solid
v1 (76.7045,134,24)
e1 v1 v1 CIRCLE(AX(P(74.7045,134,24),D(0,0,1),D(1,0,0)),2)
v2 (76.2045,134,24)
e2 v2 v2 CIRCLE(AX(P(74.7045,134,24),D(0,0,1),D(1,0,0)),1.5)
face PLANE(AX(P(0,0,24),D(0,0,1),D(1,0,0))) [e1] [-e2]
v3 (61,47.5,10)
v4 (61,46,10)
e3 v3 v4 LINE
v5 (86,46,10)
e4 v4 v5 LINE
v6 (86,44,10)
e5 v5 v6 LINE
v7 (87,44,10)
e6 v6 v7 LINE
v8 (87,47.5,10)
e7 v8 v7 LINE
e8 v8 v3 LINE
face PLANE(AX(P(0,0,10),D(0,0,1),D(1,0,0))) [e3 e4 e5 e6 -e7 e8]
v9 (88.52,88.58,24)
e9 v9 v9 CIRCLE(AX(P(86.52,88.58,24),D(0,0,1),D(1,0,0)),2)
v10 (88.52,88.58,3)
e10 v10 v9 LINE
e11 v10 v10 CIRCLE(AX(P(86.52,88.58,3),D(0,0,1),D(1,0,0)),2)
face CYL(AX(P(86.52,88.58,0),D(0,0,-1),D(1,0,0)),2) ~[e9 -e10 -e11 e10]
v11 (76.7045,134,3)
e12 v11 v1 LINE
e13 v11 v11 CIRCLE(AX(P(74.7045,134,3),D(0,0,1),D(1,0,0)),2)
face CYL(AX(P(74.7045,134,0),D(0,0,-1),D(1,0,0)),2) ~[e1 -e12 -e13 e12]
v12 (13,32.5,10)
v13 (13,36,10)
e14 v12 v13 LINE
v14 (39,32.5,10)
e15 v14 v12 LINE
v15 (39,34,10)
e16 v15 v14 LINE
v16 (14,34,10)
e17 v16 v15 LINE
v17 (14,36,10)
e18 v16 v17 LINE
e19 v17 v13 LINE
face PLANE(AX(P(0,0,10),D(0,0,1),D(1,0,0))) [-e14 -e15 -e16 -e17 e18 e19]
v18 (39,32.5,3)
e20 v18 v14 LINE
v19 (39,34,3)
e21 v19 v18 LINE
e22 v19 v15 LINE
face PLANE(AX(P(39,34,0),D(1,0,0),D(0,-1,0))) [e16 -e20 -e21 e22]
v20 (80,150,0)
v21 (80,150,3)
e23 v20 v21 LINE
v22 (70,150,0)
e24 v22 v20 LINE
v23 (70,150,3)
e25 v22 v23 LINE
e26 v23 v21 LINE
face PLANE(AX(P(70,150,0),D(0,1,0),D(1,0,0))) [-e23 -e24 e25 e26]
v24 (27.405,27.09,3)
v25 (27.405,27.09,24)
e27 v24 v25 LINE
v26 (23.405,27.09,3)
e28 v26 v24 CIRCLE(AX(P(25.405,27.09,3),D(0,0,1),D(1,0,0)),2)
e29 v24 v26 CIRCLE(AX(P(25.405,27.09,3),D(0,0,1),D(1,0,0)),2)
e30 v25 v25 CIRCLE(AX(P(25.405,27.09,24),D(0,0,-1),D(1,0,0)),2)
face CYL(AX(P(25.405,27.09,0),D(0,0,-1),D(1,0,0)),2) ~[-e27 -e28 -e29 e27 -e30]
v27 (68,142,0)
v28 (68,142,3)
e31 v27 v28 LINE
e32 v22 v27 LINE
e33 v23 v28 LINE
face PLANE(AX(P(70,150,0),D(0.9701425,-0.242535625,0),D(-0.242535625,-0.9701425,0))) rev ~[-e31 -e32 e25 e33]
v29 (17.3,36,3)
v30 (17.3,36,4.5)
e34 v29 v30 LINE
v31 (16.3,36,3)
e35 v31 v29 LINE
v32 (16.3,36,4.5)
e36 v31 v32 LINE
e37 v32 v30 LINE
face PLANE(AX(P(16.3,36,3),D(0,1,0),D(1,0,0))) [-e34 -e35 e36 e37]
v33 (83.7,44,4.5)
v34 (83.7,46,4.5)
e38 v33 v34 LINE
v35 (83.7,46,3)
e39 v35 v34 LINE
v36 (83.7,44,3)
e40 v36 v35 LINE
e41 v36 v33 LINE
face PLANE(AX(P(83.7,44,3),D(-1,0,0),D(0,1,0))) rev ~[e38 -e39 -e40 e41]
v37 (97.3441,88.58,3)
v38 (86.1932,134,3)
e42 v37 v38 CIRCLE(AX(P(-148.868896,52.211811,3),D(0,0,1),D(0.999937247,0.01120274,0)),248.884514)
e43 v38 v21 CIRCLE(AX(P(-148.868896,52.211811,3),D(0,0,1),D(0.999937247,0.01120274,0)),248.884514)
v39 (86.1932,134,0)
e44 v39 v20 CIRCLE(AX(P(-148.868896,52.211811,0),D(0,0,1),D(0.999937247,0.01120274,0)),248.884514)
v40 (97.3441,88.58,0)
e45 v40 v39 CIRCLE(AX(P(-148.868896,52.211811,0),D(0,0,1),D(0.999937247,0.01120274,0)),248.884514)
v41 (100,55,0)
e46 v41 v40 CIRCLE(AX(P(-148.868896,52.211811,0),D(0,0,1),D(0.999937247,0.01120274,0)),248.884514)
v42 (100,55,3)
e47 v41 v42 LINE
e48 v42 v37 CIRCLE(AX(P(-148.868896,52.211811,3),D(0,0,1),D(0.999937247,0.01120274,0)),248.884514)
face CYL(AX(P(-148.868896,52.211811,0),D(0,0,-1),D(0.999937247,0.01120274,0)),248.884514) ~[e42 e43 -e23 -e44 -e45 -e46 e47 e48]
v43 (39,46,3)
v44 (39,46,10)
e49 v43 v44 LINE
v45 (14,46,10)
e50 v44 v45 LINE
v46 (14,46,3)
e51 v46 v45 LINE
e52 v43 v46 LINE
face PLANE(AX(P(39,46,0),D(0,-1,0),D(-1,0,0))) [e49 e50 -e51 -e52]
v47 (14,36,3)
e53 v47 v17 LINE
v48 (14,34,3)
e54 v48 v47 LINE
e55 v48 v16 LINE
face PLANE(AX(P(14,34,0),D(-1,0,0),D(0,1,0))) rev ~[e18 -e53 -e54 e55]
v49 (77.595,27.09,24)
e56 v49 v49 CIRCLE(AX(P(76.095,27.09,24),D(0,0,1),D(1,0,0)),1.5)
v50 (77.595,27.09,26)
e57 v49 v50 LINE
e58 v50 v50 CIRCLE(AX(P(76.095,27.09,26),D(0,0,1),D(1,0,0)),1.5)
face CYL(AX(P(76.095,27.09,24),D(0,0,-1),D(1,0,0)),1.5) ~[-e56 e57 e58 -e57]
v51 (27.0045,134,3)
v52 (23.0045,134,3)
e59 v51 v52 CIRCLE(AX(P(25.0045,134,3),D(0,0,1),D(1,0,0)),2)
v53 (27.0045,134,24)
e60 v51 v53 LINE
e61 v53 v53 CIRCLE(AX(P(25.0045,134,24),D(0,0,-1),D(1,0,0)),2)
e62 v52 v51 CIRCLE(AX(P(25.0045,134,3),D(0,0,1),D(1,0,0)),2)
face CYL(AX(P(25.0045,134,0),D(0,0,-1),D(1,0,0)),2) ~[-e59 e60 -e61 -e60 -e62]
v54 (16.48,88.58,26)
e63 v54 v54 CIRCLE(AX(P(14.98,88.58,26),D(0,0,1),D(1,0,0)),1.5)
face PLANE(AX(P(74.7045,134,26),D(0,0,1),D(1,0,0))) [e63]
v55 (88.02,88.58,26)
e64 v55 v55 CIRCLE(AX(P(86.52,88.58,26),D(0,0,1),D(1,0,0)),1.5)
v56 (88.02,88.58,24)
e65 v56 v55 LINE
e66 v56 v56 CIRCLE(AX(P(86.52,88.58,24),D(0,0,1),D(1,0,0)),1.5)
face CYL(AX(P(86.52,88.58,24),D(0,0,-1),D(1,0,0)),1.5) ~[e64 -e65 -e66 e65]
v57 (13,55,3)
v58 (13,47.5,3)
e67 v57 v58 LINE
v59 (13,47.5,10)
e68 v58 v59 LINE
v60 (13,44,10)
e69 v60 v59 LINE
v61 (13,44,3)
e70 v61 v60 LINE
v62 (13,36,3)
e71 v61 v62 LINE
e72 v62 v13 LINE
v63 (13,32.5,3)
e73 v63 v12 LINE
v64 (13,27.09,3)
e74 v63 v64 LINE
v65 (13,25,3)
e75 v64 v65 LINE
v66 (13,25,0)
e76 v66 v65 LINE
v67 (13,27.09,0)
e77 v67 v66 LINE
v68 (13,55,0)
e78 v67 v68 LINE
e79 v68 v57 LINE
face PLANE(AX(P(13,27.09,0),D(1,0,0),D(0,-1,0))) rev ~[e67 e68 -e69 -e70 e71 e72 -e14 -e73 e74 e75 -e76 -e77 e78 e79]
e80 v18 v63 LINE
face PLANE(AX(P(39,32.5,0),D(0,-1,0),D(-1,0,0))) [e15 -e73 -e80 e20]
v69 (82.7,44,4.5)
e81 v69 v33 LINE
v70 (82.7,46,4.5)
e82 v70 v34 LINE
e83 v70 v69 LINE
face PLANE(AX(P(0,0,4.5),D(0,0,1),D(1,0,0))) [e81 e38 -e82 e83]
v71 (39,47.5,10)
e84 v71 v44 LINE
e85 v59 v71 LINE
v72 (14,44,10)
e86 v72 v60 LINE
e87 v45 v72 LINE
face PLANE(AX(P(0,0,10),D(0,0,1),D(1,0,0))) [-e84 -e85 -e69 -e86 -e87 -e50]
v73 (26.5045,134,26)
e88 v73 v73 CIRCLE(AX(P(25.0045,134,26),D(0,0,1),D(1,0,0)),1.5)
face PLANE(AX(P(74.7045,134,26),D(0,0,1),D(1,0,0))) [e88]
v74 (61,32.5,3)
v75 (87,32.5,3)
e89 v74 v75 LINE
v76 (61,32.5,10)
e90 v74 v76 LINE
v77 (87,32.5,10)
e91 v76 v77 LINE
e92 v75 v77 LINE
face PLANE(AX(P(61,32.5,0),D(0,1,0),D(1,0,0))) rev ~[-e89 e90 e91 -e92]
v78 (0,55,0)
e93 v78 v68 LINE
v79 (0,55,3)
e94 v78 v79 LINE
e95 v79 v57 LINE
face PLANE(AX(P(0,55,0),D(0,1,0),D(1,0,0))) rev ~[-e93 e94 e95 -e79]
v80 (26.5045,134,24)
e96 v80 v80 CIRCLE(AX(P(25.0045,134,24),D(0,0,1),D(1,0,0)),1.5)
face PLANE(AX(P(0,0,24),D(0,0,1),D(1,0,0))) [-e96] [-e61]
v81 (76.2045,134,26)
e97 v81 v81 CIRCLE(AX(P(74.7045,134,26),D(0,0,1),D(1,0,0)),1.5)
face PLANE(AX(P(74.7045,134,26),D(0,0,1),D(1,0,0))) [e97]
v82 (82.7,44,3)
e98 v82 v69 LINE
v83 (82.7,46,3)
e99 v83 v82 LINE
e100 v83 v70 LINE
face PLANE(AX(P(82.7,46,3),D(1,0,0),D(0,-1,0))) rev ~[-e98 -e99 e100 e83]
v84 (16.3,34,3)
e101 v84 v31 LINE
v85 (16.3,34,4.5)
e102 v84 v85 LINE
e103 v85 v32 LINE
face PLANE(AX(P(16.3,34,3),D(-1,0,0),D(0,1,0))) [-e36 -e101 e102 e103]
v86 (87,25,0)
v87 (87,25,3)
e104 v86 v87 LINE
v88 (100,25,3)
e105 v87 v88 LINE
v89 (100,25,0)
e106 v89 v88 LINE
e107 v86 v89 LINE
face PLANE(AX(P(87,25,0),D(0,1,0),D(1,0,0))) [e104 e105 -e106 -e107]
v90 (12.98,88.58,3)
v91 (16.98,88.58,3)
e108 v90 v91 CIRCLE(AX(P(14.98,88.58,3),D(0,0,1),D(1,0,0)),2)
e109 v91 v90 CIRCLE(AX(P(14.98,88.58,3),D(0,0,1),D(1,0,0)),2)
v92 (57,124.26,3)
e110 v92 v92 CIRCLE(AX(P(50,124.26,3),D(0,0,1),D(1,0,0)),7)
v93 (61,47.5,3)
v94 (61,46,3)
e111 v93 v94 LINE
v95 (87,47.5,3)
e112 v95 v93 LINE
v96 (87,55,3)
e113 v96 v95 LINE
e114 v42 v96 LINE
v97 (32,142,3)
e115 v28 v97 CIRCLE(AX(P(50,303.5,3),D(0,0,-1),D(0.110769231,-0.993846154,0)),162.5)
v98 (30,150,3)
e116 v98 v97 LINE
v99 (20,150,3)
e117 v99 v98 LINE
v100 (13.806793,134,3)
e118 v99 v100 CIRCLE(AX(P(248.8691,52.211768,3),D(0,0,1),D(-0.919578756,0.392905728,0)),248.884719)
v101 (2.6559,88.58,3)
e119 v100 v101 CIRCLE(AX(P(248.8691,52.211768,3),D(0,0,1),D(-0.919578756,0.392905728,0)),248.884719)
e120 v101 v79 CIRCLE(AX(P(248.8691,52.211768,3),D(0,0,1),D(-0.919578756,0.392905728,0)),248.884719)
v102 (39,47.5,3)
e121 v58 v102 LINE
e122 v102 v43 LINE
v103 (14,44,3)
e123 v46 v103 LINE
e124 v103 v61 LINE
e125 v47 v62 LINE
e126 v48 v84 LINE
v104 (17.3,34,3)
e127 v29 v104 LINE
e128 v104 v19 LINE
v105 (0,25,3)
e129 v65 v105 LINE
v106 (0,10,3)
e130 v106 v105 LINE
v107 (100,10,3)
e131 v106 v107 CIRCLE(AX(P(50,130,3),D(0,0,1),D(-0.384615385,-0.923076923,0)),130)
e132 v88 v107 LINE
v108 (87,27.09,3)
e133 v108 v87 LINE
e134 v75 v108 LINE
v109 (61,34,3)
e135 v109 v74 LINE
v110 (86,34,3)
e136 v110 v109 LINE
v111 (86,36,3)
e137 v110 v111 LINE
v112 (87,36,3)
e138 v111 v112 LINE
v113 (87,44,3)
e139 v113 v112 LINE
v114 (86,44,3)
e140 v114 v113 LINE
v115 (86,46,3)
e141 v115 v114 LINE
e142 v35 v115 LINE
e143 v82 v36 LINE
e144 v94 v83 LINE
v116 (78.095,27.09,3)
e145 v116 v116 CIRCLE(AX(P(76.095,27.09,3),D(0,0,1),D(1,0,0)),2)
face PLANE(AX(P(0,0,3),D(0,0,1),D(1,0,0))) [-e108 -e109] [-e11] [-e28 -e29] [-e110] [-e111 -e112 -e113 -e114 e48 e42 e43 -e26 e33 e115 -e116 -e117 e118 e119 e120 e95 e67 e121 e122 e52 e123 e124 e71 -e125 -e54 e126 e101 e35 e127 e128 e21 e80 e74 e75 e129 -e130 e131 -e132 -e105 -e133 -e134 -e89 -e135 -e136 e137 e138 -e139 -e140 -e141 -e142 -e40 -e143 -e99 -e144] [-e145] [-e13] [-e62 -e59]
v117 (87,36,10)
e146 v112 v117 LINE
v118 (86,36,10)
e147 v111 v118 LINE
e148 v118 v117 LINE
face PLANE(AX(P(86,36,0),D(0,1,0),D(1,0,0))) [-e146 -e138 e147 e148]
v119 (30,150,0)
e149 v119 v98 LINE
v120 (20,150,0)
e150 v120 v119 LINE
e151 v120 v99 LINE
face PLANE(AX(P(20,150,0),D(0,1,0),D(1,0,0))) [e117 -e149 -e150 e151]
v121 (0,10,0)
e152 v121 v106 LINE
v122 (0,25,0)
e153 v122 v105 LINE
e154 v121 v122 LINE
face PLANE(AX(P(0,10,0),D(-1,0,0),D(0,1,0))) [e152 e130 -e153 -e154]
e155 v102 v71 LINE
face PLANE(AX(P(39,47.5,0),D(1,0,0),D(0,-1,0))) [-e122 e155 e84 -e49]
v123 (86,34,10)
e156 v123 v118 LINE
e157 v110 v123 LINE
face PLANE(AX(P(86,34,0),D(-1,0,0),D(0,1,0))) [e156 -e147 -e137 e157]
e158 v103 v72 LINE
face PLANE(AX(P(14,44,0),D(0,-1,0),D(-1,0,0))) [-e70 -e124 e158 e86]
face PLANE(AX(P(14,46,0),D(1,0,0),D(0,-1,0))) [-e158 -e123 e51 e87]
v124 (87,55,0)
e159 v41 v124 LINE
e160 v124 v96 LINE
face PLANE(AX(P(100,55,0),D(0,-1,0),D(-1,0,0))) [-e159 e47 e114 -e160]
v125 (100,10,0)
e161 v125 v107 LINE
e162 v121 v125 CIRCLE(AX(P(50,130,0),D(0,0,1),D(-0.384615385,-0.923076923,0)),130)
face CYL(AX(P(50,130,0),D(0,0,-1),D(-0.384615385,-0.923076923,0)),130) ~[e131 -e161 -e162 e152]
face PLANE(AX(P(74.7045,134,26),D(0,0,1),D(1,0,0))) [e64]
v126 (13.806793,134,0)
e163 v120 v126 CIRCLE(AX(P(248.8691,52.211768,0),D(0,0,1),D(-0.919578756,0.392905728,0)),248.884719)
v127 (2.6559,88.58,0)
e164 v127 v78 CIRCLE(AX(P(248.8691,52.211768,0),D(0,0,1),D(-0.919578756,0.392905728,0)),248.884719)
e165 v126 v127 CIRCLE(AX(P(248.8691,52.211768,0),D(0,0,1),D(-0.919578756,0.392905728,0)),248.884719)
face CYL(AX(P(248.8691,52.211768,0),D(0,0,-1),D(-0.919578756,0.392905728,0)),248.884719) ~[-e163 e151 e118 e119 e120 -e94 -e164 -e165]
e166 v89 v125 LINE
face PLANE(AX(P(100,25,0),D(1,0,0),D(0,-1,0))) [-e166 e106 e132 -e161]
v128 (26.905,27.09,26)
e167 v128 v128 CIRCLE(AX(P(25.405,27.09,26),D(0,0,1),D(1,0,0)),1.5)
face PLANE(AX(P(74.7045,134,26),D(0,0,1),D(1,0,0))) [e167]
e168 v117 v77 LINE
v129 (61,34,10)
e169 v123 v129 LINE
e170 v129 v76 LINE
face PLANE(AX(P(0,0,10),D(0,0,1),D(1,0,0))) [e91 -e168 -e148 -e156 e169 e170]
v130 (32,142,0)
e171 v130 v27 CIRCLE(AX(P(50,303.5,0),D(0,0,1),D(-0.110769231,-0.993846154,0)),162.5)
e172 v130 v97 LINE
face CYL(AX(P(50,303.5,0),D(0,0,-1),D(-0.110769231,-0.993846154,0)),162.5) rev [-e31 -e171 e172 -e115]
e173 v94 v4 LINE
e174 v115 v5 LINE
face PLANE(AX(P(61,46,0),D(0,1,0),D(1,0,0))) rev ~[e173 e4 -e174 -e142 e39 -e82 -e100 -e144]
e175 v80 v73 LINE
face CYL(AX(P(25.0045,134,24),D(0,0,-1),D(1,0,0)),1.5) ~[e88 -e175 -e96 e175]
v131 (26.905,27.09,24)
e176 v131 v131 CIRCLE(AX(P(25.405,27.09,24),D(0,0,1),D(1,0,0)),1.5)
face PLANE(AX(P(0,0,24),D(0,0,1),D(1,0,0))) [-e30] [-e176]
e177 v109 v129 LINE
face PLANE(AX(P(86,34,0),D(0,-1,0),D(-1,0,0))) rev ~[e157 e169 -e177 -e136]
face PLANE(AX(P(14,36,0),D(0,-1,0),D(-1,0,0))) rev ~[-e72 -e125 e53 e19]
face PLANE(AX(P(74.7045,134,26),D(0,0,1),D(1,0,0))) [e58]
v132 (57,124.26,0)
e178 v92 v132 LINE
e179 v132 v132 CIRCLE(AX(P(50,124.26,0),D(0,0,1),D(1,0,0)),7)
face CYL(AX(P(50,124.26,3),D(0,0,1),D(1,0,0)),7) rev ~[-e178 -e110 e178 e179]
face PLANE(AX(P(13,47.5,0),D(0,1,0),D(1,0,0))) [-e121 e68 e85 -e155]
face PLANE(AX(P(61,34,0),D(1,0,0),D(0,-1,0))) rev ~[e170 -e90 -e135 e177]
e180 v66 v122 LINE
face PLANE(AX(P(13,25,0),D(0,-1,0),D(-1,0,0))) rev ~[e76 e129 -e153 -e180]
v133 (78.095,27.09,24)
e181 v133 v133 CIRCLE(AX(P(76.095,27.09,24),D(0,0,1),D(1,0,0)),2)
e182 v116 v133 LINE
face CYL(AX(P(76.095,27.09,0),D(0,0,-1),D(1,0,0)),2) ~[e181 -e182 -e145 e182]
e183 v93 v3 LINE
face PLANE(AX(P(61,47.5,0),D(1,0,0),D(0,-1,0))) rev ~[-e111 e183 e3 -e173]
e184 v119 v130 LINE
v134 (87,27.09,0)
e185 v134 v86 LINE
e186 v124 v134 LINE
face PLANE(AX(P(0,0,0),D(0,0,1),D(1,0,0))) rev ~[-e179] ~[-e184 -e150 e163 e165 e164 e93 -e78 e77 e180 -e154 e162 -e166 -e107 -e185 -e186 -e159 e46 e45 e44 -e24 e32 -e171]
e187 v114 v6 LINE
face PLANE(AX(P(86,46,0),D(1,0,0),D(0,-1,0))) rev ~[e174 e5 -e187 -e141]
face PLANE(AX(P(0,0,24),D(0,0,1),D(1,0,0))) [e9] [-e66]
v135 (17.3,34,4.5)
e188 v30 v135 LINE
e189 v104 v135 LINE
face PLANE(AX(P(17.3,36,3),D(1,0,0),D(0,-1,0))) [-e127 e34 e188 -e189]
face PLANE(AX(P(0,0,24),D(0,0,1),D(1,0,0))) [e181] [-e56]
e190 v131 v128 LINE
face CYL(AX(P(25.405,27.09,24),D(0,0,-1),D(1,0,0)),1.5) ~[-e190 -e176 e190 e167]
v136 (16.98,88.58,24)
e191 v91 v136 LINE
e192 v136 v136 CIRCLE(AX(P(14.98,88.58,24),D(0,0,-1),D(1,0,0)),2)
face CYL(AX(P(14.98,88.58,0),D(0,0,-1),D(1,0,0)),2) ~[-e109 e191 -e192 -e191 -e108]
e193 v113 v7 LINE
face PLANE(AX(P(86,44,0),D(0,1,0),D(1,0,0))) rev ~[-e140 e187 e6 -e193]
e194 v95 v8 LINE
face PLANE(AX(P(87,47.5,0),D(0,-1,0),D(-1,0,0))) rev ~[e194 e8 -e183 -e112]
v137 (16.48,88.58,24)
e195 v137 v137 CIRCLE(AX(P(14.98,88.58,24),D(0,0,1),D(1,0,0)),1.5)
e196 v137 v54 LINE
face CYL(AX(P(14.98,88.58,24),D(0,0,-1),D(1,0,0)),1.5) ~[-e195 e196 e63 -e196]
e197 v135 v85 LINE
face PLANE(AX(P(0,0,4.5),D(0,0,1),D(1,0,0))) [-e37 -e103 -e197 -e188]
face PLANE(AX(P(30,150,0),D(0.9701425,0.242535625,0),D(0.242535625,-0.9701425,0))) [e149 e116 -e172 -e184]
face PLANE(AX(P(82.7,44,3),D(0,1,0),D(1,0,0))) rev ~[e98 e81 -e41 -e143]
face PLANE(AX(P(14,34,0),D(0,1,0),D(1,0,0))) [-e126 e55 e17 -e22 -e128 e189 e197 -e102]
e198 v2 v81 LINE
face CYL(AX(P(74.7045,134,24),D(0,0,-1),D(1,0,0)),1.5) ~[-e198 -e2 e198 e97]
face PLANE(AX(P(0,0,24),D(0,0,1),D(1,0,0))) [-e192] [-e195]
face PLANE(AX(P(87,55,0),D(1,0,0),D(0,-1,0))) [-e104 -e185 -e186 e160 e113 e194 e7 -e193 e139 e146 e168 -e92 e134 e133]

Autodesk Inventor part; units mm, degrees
ref_plane "YZ Plane" through (0, 0, 0) normal (1, 0, 0) x (0, 1, 0)
ref_plane "XZ Plane" through (0, 0, 0) normal (0, 1, 0) x (-1, 0, 0)
ref_plane "XY Plane" through (0, 0, 0) normal (0, 0, 1) x (1, 0, 0)
sketch "Sketch1" plane through (0, 0, 0) normal (0, 0, 1) x (1, 0, 0)
  arc A0 (0, 10) -> (100, 10) centre (50, 130) ccw
  line L0 (0, 55) -> (13, 55)
  line L1 (13, 55) -> (13, 25)
  line L2 (13, 25) -> (0, 25)
  line L3 (13, 47.5) -> (39, 47.5)
  line L4 (39, 47.5) -> (39, 46)
  line L5 (39, 46) -> (13, 46)
  line L6 (13, 46) -> (13, 47.5)
  line L7 (13, 34) -> (39, 34)
  line L8 (39, 34) -> (39, 32.5)
  line L9 (39, 32.5) -> (13, 32.5)
  line L10 (13, 46) -> (14, 46)
  line L11 (14, 46) -> (14, 44)
  line L12 (14, 44) -> (13, 44)
  line L13 (13, 44) -> (13, 46)
  line L14 (13, 34) -> (14, 34)
  line L15 (14, 34) -> (14, 36)
  line L16 (14, 36) -> (13, 36)
  line L17 (13, 36) -> (13, 34)
  line L18 (30, 150) -> (32, 142)
  arc A1 (32, 142) -> (50, 141) centre (50, 303.5) ccw
  line L19 (100, 55) -> (87, 55)
  line L20 (87, 55) -> (87, 25)
  line L21 (87, 25) -> (100, 25)
  line L22 (87, 47.5) -> (61, 47.5)
  line L23 (61, 47.5) -> (61, 46)
  line L24 (61, 46) -> (87, 46)
  line L25 (87, 46) -> (87, 47.5)
  line L26 (61, 34) -> (61, 32.5)
  line L27 (87, 34) -> (61, 34)
  line L28 (61, 32.5) -> (87, 32.5)
  line L29 (87, 46) -> (86, 46)
  line L30 (86, 46) -> (86, 44)
  line L31 (86, 44) -> (87, 44)
  line L32 (87, 44) -> (87, 46)
  line L33 (87, 34) -> (86, 34)
  line L34 (86, 34) -> (86, 36)
  line L35 (86, 36) -> (87, 36)
  line L36 (87, 36) -> (87, 34)
  line L37 (70, 150) -> (68, 142)
  arc A2 (50, 141) -> (68, 142) centre (50, 303.5) ccw
  arc A3 (100, 55) -> (80, 150) centre (-148.869, 52.2118) ccw
  line L38 (70, 150) -> (80, 150)
  line L39 (20, 150) -> (30, 150)
  line L40 (100, 25) -> (100, 10)
  line L41 (0, 10) -> (0, 25)
  circle A4 centre (25.0045, 134) radius 1.5 construction
  circle A5 centre (74.7045, 134) radius 1.5 construction
  line L42 (16.9872, 134) -> (99.6032, 134) construction
  line L43 (12.0158, 134) -> (23.5045, 134)
  line L44 (74.7045, 134) -> (86.1932, 134)
  circle A6 centre (25.0045, 134) radius 2
  circle A7 centre (74.7045, 134) radius 2
  circle A8 centre (14.98, 88.58) radius 1.5 construction
  circle A9 centre (86.52, 88.58) radius 1.5 construction
  line L45 (16.652, 88.58) -> (99.2681, 88.58) construction
  line L46 (2.6559, 88.58) -> (13.48, 88.58)
  line L47 (86.52, 88.58) -> (97.3441, 88.58)
  circle A10 centre (14.98, 88.58) radius 2
  circle A11 centre (86.52, 88.58) radius 2
  line L48 (13, 50.0336) -> (87, 50.0336) construction
  line L49 (50, 50.0336) -> (50, 74.1687) construction
  arc A12 (20, 150) -> (0, 55) centre (248.869, 52.2118) ccw
  line L50 (0, 27.09) -> (23.905, 27.09)
  circle A13 centre (25.405, 27.09) radius 1.5 construction
  circle A14 centre (25.405, 27.09) radius 2
  circle A15 centre (76.095, 27.09) radius 1.5 construction
  circle A16 centre (76.095, 27.09) radius 2
  line L51 (30.9298, 27.09) -> (113.5459, 27.09) construction
  line L52 (76.095, 27.09) -> (100, 27.09)
  point P0 (0, 0)
  point P1 (75, 150)
  point P2 (50.8983, 94.4188)
  point P3 (62.5692, 16.9025)
  dimension "d68" = 3
  dimension "d74" = 3
  dimension "d80" = 3
  dimension "d10" = 10
  dimension "d12" = 30
  dimension "d13" = 13
  dimension "d14" = 15
  dimension "d15" = 26
  dimension "d16" = 1.5
  dimension "d19" = 26
  dimension "d20" = 1.5
  dimension "d23" = 7.5
  dimension "d24" = 12
  dimension "d25" = 1
  dimension "d26" = 2
  dimension "d27" = 1
  dimension "d28" = 2
  dimension "d35" = 10
  dimension "d69" = 3
  dimension "d70" = 46.7
  dimension "d71" = 16
  dimension "d72" = 4
  dimension "d73" = 4
  dimension "d75" = 3
  dimension "d76" = 68.54
  dimension "d77" = 4
  dimension "d78" = 4
  dimension "d79" = 45.42
  dimension "d81" = 3
  dimension "d83" = 4
  dimension "d84" = 4
  dimension "d86" = 61.49
  dimension "d107" = 46.69
extrude "Extrusion1" add sketch "Sketch1" along normal blind 10 contours L1 L7 L8 L9 | L28 L26 L27 L20 | L1 L16 L15 L7 | L27 L34 L35 L20 | L1 L5 L11 L12 | L31 L30 L24 L20 | L1 L3 L4 L5 | L24 L23 L22 L20
extrude "Extrusion3" add sketch "Sketch1" along normal blind 3 contours L41 L2 L1 L9 L8 L7 L15 L16 L12 L11 L5 L4 L3 L0 A12 L39 L18 A1 A2 L37 L38 A3 L19 L20 L22 L23 L24 L30 L31 L35 L34 L27 L26 L28 L21 L40 A0
sketch "Sketch2" plane through (0, 0, 3) normal (0, 0, 1) x (1, 0, 0)
  line L0 (39, 34) -> (14, 34) projected
  line L1 (17.3, 34) -> (16.3, 34)
  line L2 (16.3, 34) -> (16.3, 36)
  line L3 (16.3, 36) -> (17.3, 36)
  line L4 (17.3, 36) -> (17.3, 34)
  line L5 (14, 34) -> (14, 36) projected
  line L6 (61, 46) -> (86, 46) projected
  line L7 (83.7, 46) -> (82.7, 46)
  line L8 (82.7, 46) -> (82.7, 44)
  line L9 (82.7, 44) -> (83.7, 44)
  line L10 (83.7, 44) -> (83.7, 46)
  line L11 (86, 46) -> (86, 44) projected
  point P0 (0, 0)
  point P1 (14, 35)
  dimension "d89" = 1
  dimension "d90" = 2
  dimension "d91" = 2.3
  dimension "d92" = 1
  dimension "d93" = 2
  dimension "d94" = 2.3
extrude "Extrusion4" add sketch "Sketch2" along normal blind 1.5
extrude "Extrusion5" add sketch "Sketch1" along normal blind 24 contours A16 | A11 | A7 | A6 | A10 | A14
sketch "Sketch4" plane through (74.7045, 134, 24) normal (0, 0, 1) x (1, 0, 0)
  circle A0 centre (-49.7, 0) radius 2 projected
  circle A1 centre (-49.7, 0) radius 1.5
  circle A2 centre (0, 0) radius 2 projected
  circle A3 centre (0, 0) radius 1.5
  circle A4 centre (-59.7245, -45.42) radius 2 projected
  circle A5 centre (-59.7245, -45.42) radius 1.5
  circle A6 centre (11.8155, -45.42) radius 2 projected
  circle A7 centre (11.8155, -45.42) radius 1.5
  circle A8 centre (1.3905, -106.91) radius 2 projected
  circle A9 centre (1.3905, -106.91) radius 1.5
  circle A10 centre (-49.2995, -106.91) radius 2 projected
  circle A11 centre (-49.2995, -106.91) radius 1.5
  point P0 (-74.7045, -134)
  dimension "d99" = 3
  dimension "d100" = 3
  dimension "d101" = 3
  dimension "d102" = 3
  dimension "d103" = 3
  dimension "d104" = 3
extrude "Extrusion6" add sketch "Sketch4" along normal blind 2 contours A1 | A3 | A5 | A7 | A9 | A11
sketch "Sketch5" plane through (0, 0, 3) normal (0, 0, 1) x (1, 0, 0)
  circle A0 centre (50, 124.26) radius 7
  point P0 (0, 0)
  dimension "d108" = 14
extrude "Extrusion7" cut sketch "Sketch5" against normal blind 10
